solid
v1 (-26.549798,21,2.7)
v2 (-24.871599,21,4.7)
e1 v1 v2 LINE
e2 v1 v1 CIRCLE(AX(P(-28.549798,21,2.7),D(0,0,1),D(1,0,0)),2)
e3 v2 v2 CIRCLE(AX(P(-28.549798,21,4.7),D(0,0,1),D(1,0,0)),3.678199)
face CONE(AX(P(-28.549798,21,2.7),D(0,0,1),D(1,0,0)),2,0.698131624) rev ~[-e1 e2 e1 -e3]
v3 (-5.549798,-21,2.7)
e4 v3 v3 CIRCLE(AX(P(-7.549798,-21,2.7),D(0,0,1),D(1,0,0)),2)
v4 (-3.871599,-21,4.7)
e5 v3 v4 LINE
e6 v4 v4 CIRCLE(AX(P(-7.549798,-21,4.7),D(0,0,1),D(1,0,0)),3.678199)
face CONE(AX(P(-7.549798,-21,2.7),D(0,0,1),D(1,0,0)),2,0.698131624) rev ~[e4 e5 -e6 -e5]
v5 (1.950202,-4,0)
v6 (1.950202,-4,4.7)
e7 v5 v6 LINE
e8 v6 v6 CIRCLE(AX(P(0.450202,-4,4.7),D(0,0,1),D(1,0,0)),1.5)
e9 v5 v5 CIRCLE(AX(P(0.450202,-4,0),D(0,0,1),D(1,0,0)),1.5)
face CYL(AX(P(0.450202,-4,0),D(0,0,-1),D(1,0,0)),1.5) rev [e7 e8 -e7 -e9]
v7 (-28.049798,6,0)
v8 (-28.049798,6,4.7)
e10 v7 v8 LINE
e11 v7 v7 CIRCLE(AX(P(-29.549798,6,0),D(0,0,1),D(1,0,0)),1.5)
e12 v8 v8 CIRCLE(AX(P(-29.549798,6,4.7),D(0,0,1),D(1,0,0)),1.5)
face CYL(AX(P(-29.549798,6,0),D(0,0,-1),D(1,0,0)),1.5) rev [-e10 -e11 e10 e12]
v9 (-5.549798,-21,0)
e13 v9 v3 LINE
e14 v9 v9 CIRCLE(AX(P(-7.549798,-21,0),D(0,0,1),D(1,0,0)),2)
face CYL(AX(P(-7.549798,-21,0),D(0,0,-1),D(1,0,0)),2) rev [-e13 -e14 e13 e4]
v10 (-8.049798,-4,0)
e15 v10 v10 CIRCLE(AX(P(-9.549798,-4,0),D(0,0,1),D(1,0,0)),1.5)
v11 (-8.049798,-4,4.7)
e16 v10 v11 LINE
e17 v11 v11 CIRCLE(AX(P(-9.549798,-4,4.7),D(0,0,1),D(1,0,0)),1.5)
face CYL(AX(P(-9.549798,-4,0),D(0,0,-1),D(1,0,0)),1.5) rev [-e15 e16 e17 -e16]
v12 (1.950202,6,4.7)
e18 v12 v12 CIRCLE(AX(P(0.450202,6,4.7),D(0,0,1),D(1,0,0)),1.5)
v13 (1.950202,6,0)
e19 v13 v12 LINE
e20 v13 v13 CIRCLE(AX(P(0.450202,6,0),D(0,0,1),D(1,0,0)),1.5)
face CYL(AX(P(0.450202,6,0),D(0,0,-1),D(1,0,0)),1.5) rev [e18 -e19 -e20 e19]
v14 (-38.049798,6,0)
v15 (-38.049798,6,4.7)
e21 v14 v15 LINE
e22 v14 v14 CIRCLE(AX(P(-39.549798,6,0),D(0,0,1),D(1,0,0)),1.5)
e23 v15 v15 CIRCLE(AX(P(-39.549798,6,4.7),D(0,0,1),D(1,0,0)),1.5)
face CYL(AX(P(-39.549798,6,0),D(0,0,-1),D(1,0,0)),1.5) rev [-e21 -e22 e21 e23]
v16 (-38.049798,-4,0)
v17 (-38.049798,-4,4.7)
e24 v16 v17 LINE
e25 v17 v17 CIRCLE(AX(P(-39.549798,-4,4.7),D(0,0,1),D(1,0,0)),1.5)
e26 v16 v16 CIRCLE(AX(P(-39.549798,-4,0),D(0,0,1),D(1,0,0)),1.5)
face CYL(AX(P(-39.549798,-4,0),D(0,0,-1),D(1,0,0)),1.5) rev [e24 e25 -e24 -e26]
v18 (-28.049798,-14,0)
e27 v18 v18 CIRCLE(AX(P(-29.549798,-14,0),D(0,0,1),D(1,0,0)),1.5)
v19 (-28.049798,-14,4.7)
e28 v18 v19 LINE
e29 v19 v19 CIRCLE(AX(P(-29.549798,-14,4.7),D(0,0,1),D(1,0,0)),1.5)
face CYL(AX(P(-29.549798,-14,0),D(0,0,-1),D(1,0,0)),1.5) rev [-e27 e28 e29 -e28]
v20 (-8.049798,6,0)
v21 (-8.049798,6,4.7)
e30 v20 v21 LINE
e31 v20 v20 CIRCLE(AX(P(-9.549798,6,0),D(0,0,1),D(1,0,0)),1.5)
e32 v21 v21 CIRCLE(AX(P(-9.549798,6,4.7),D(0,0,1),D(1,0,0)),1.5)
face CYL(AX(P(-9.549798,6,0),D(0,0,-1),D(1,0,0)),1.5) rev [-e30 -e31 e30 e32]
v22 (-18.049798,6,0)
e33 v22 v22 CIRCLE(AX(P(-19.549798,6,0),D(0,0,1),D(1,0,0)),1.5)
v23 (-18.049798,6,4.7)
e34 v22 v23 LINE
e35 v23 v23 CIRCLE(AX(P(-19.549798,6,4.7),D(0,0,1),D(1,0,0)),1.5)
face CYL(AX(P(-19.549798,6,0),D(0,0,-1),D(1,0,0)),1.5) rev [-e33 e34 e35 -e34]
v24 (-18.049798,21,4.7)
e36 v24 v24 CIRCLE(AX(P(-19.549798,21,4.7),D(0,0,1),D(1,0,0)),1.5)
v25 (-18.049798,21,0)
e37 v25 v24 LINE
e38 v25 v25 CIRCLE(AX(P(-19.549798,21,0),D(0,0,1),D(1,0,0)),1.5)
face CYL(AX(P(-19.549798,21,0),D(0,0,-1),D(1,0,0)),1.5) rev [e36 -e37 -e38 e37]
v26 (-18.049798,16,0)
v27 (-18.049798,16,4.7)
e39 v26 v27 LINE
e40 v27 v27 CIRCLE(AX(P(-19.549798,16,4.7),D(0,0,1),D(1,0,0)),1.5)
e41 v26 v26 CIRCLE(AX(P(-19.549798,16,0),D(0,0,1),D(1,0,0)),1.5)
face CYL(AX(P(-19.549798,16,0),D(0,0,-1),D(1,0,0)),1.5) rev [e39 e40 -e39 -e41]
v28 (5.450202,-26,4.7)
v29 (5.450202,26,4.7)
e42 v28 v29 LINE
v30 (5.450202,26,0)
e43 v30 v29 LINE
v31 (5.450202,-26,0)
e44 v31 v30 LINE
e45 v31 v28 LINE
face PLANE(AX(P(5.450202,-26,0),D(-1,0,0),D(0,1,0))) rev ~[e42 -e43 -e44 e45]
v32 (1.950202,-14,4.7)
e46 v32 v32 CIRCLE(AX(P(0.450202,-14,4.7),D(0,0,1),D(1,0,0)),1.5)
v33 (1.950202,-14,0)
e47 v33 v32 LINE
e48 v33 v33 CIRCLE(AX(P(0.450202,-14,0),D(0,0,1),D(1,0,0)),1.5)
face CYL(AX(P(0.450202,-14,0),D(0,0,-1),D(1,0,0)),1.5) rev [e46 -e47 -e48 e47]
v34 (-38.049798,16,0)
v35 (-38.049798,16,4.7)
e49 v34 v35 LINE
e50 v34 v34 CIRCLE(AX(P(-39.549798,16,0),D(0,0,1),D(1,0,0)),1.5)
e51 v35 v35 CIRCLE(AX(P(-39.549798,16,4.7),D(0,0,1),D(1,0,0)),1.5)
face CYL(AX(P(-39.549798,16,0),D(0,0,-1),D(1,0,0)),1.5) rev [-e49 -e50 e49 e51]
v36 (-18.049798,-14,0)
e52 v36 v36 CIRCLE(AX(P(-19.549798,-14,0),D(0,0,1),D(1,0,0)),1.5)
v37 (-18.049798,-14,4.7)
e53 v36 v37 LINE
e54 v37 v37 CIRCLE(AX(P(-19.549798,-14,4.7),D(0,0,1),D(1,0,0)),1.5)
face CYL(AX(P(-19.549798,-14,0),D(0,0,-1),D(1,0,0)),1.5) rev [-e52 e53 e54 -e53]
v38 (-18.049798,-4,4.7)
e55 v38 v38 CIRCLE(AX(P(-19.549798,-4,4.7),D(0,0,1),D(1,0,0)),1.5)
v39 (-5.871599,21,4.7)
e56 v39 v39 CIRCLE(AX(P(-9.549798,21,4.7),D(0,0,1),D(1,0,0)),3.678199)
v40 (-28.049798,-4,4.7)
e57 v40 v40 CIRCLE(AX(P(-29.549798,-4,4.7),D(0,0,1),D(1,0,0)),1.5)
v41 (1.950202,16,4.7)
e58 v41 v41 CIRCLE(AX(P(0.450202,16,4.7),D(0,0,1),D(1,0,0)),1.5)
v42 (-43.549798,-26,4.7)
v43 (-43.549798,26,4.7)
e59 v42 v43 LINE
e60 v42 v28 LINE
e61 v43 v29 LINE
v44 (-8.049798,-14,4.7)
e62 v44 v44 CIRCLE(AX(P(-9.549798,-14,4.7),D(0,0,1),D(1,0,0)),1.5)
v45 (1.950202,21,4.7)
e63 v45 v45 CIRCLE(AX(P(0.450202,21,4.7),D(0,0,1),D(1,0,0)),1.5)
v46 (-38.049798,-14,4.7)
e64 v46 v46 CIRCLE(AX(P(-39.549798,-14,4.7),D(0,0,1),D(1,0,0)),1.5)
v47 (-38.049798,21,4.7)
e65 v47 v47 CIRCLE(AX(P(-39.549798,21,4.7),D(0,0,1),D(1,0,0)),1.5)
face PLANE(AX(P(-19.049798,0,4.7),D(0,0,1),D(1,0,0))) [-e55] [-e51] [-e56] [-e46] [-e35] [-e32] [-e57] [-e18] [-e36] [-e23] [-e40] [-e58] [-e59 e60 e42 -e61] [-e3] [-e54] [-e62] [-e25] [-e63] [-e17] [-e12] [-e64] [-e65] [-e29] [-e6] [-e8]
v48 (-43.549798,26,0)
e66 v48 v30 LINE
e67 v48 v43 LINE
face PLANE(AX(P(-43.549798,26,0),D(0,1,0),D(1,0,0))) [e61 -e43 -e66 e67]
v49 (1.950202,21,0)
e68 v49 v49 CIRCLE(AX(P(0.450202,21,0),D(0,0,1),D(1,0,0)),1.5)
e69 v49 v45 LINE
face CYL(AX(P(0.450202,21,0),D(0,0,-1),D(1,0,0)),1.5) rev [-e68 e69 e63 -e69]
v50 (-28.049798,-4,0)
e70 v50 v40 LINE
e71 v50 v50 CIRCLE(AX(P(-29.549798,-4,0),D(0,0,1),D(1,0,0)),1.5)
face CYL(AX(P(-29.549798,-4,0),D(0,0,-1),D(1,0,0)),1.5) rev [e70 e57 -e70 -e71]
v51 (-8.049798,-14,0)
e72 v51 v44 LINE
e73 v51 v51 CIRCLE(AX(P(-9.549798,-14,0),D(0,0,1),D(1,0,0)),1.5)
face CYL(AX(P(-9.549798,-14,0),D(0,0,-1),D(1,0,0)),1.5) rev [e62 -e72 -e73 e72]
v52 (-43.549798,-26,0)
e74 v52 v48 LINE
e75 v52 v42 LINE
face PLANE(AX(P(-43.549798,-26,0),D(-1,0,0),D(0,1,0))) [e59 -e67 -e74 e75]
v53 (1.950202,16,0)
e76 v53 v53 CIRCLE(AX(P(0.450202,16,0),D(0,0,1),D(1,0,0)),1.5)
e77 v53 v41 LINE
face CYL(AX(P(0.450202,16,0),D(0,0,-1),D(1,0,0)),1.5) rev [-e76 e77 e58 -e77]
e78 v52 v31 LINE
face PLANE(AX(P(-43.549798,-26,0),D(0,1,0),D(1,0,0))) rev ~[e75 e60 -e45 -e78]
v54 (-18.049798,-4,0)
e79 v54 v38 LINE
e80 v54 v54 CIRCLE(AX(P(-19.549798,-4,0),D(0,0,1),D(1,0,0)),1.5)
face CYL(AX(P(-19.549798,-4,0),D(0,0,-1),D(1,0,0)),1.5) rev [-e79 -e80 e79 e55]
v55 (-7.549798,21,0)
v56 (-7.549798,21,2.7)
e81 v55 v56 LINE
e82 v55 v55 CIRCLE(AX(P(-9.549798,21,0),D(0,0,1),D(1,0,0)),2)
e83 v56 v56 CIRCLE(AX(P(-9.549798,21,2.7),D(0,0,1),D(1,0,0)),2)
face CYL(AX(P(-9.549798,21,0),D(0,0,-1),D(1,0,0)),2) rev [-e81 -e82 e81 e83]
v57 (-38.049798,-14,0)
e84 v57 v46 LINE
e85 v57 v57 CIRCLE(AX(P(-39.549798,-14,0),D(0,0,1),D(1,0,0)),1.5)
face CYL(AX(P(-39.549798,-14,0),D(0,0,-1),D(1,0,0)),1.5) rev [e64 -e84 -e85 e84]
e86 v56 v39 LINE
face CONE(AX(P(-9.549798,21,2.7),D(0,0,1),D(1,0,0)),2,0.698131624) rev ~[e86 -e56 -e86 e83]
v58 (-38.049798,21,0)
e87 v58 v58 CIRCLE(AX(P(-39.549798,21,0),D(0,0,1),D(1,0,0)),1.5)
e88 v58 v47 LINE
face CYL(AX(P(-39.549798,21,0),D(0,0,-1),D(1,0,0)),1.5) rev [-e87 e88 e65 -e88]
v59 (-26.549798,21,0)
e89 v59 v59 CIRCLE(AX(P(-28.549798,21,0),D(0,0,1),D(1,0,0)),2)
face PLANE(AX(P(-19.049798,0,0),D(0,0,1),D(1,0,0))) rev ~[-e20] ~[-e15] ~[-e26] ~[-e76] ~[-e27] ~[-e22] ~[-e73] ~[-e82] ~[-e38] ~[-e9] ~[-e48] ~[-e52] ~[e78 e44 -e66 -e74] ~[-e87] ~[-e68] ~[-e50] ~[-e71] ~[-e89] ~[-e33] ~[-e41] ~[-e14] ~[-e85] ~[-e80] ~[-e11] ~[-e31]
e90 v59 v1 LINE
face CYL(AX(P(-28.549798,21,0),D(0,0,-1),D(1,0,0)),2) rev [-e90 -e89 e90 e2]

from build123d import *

# Parameters (mm, degrees)
F0_W     = 49
F0_H     = 52
F0_R     = 1.5
F0_R_2   = 3.5
F0_R_3   = 2
F1_DEPTH = 4.7
F2_SIZE2 = 1.678199
F2_SIZE  = 2


with BuildPart() as f1:
    # F0 (on Top) → F1 (new body)
    with BuildSketch(Plane.XY):
        with Locations((-19.049798, 0)):
            Rectangle(F0_W, F0_H)
        with Locations((-39.549798, -14)):
            Circle(F0_R, mode=Mode.SUBTRACT)
        with Locations((-29.549798, -14)):
            Circle(F0_R, mode=Mode.SUBTRACT)
        with Locations((-19.549798, -14)):
            Circle(F0_R, mode=Mode.SUBTRACT)
        with Locations((-39.549798, -4)):
            Circle(F0_R, mode=Mode.SUBTRACT)
        with Locations((-29.549798, -4)):
            Circle(F0_R, mode=Mode.SUBTRACT)
        with Locations((-19.549798, -4)):
            Circle(F0_R, mode=Mode.SUBTRACT)
        with Locations((-7.549798, -21)):
            Circle(F0_R_2, mode=Mode.SUBTRACT)
        with Locations((-9.549798, -14)):
            Circle(F0_R, mode=Mode.SUBTRACT)
        with Locations((0.450202, -14)):
            Circle(F0_R, mode=Mode.SUBTRACT)
        with Locations((-9.549798, -4)):
            Circle(F0_R, mode=Mode.SUBTRACT)
        with Locations((0.450202, -4)):
            Circle(F0_R, mode=Mode.SUBTRACT)
        with Locations((-39.549798, 6)):
            Circle(F0_R, mode=Mode.SUBTRACT)
        with Locations((-29.549798, 6)):
            Circle(F0_R, mode=Mode.SUBTRACT)
        with Locations((-19.549798, 6)):
            Circle(F0_R, mode=Mode.SUBTRACT)
        with Locations((-39.549798, 16)):
            Circle(F0_R, mode=Mode.SUBTRACT)
        with Locations((-39.549798, 21)):
            Circle(F0_R, mode=Mode.SUBTRACT)
        with Locations((-19.549798, 16)):
            Circle(F0_R, mode=Mode.SUBTRACT)
        with Locations((-28.549798, 21)):
            Circle(F0_R_2, mode=Mode.SUBTRACT)
        with Locations((-19.549798, 21)):
            Circle(F0_R, mode=Mode.SUBTRACT)
        with Locations((-9.549798, 6)):
            Circle(F0_R, mode=Mode.SUBTRACT)
        with Locations((0.450202, 6)):
            Circle(F0_R, mode=Mode.SUBTRACT)
        with Locations((-9.549798, 21)):
            Circle(F0_R_2, mode=Mode.SUBTRACT)
        with Locations((0.450202, 16)):
            Circle(F0_R, mode=Mode.SUBTRACT)
        with Locations((0.450202, 21)):
            Circle(F0_R, mode=Mode.SUBTRACT)
        with Locations((-28.549798, 21)):
            Circle(F0_R_2)
        with Locations((-28.549798, 21)):
            Circle(F0_R_3, mode=Mode.SUBTRACT)
        with Locations((-9.549798, 21)):
            Circle(F0_R_2)
        with Locations((-9.549798, 21)):
            Circle(F0_R_3, mode=Mode.SUBTRACT)
        with Locations((-7.549798, -21)):
            Circle(F0_R_2)
        with Locations((-7.549798, -21)):
            Circle(F0_R_3, mode=Mode.SUBTRACT)
    extrude(amount=F1_DEPTH)

    # F2
    f2_edges = [f1.edges().sort_by_distance(p)[0] for p in [
        (-30.549798, 21, 4.7),
        (-11.549798, 21, 4.7),
        (-9.549798, -21, 4.7),
    ]]
    chamfer(f2_edges, length=F2_SIZE, length2=F2_SIZE2)


solid = f1.part
